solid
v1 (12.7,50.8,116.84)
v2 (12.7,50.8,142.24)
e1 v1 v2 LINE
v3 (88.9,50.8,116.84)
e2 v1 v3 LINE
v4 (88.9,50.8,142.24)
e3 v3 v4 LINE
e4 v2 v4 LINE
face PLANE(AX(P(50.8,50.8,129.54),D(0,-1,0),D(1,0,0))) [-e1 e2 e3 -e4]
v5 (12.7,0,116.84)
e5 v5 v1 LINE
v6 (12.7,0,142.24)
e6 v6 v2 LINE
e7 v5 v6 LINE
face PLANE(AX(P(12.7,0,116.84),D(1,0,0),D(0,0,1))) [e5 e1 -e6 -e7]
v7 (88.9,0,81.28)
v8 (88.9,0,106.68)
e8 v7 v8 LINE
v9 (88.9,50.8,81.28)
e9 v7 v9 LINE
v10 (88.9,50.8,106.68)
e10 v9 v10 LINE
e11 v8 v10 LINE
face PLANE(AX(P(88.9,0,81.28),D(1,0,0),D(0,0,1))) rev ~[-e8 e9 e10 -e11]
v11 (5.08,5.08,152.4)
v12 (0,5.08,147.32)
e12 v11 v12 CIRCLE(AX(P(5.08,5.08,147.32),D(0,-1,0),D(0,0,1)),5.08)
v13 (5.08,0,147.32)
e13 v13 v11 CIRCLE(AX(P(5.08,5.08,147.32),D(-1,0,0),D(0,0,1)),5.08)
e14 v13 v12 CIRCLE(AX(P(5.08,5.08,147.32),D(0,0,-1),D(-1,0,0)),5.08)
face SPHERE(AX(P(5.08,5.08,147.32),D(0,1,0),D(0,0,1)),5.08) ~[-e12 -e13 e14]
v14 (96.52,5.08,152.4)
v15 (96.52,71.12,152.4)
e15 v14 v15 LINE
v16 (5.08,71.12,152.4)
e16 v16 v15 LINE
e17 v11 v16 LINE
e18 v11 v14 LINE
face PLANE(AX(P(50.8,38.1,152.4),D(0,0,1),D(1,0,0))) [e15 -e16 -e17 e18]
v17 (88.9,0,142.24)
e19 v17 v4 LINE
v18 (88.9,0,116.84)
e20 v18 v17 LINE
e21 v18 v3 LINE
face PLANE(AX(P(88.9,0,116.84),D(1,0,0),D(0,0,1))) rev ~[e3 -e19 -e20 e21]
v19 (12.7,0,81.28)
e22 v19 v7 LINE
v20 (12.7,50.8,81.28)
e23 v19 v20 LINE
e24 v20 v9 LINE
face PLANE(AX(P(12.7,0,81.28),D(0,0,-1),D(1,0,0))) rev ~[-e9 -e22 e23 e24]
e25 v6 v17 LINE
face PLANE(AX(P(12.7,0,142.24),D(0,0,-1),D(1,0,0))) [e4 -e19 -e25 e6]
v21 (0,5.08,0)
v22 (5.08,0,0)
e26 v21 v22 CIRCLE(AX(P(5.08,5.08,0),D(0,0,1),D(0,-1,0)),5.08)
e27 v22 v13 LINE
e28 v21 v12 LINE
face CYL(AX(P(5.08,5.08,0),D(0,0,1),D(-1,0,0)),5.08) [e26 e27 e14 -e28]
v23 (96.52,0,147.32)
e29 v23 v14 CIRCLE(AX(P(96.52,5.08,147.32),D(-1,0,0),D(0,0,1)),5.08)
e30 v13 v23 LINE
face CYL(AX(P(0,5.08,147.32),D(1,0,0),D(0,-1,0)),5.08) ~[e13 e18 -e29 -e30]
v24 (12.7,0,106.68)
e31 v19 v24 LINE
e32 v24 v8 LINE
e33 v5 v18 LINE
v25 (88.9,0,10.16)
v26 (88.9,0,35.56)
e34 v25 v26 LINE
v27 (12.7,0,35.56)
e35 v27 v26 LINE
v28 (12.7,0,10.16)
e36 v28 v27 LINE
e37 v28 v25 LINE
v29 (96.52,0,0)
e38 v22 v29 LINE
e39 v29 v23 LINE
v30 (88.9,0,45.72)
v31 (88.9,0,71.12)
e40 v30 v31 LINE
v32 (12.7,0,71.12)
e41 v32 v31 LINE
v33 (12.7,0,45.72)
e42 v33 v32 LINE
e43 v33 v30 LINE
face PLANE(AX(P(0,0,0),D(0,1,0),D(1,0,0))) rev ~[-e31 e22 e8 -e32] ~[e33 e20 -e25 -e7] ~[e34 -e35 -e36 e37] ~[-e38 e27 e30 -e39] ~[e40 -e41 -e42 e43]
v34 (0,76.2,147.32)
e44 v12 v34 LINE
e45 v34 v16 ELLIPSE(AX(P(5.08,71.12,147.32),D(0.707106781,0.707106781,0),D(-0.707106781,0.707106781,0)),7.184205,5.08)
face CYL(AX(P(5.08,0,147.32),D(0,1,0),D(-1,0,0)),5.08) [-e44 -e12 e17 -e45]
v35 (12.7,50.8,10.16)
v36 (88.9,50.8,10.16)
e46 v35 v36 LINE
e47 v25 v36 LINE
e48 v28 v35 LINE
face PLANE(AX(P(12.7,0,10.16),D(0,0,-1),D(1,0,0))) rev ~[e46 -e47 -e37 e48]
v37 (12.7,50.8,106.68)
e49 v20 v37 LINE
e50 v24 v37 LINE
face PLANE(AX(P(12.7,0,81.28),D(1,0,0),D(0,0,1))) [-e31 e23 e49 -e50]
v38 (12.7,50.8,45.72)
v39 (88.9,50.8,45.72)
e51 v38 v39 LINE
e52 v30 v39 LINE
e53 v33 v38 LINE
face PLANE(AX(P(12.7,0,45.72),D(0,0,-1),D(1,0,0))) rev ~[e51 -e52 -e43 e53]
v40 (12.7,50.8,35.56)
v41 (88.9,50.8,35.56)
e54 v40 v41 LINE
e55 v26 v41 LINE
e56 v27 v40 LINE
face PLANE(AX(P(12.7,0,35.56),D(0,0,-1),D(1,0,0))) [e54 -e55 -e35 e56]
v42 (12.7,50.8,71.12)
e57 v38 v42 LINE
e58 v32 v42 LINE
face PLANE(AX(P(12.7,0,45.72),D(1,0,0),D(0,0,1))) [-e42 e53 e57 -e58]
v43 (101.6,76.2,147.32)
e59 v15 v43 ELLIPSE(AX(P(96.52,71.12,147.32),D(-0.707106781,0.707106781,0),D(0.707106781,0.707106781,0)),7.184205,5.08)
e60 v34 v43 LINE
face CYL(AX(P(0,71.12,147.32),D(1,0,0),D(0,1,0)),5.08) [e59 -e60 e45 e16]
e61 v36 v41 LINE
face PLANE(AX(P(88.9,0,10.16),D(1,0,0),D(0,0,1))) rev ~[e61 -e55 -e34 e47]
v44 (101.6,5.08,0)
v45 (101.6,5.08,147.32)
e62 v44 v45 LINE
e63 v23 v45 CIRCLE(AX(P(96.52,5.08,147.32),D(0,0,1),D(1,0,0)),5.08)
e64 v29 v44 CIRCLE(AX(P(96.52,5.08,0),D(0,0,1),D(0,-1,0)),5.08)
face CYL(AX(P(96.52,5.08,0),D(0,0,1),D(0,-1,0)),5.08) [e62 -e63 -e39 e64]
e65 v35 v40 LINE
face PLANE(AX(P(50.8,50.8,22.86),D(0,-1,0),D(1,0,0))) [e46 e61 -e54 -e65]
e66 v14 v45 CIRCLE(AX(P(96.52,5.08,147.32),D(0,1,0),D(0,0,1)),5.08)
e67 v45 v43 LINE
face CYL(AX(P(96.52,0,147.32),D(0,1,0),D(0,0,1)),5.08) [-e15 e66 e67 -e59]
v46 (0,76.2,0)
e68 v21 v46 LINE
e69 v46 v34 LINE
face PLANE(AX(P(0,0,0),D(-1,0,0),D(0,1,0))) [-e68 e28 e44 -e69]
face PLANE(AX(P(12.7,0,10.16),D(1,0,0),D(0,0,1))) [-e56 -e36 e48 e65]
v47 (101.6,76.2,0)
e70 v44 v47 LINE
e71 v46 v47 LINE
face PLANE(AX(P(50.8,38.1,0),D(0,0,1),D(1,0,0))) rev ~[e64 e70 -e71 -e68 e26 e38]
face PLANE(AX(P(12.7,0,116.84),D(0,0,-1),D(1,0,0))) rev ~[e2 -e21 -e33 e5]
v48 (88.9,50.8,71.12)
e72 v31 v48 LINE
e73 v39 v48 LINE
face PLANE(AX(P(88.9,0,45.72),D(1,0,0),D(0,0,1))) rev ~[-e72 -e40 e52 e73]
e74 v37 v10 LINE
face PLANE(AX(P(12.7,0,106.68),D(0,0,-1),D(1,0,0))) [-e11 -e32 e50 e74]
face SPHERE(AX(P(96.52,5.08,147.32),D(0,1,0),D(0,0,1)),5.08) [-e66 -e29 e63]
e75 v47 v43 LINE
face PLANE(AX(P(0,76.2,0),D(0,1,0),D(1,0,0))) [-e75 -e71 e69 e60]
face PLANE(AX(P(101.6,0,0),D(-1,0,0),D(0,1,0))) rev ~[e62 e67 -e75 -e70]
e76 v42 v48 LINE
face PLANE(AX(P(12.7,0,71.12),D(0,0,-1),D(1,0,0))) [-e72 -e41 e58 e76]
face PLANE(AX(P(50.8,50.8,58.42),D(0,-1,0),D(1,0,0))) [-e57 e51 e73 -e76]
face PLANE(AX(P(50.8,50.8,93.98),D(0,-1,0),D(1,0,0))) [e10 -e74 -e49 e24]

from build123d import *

# Parameters (mm, degrees)
F0_W     = 101.6
F0_H     = 76.2
F1_DEPTH = 152.4
F2_W     = 76.2
F2_H     = 25.4
F3_DEPTH = 50.8
F4_R     = 5.08


with BuildPart() as f1:
    # F0 (on Top) → F1 (new body)
    with BuildSketch(Plane.XY):
        with Locations((50.8, 38.1)):
            Rectangle(F0_W, F0_H)
    extrude(amount=F1_DEPTH)

    # F2 (on face) → F3 (cut)
    with BuildSketch(Plane.XZ):
        with Locations((50.8, 129.54)):
            Rectangle(F2_W, F2_H)
        with Locations((50.8, 93.98)):
            Rectangle(F2_W, F2_H)
        with Locations((50.8, 58.42)):
            Rectangle(F2_W, F2_H)
        with Locations((50.8, 22.86)):
            Rectangle(F2_W, F2_H)
    extrude(amount=-F3_DEPTH, mode=Mode.SUBTRACT)

    # F4
    f4_edges = [f1.edges().sort_by_distance(p)[0] for p in [
        (101.6, 38.1, 152.4),
        (0, 38.1, 152.4),
        (50.8, 0, 152.4),
        (50.8, 76.2, 152.4),
        (101.6, 0, 76.2),
        (0, 0, 76.2),
    ]]
    fillet(f4_edges, radius=F4_R)


solid = f1.part
